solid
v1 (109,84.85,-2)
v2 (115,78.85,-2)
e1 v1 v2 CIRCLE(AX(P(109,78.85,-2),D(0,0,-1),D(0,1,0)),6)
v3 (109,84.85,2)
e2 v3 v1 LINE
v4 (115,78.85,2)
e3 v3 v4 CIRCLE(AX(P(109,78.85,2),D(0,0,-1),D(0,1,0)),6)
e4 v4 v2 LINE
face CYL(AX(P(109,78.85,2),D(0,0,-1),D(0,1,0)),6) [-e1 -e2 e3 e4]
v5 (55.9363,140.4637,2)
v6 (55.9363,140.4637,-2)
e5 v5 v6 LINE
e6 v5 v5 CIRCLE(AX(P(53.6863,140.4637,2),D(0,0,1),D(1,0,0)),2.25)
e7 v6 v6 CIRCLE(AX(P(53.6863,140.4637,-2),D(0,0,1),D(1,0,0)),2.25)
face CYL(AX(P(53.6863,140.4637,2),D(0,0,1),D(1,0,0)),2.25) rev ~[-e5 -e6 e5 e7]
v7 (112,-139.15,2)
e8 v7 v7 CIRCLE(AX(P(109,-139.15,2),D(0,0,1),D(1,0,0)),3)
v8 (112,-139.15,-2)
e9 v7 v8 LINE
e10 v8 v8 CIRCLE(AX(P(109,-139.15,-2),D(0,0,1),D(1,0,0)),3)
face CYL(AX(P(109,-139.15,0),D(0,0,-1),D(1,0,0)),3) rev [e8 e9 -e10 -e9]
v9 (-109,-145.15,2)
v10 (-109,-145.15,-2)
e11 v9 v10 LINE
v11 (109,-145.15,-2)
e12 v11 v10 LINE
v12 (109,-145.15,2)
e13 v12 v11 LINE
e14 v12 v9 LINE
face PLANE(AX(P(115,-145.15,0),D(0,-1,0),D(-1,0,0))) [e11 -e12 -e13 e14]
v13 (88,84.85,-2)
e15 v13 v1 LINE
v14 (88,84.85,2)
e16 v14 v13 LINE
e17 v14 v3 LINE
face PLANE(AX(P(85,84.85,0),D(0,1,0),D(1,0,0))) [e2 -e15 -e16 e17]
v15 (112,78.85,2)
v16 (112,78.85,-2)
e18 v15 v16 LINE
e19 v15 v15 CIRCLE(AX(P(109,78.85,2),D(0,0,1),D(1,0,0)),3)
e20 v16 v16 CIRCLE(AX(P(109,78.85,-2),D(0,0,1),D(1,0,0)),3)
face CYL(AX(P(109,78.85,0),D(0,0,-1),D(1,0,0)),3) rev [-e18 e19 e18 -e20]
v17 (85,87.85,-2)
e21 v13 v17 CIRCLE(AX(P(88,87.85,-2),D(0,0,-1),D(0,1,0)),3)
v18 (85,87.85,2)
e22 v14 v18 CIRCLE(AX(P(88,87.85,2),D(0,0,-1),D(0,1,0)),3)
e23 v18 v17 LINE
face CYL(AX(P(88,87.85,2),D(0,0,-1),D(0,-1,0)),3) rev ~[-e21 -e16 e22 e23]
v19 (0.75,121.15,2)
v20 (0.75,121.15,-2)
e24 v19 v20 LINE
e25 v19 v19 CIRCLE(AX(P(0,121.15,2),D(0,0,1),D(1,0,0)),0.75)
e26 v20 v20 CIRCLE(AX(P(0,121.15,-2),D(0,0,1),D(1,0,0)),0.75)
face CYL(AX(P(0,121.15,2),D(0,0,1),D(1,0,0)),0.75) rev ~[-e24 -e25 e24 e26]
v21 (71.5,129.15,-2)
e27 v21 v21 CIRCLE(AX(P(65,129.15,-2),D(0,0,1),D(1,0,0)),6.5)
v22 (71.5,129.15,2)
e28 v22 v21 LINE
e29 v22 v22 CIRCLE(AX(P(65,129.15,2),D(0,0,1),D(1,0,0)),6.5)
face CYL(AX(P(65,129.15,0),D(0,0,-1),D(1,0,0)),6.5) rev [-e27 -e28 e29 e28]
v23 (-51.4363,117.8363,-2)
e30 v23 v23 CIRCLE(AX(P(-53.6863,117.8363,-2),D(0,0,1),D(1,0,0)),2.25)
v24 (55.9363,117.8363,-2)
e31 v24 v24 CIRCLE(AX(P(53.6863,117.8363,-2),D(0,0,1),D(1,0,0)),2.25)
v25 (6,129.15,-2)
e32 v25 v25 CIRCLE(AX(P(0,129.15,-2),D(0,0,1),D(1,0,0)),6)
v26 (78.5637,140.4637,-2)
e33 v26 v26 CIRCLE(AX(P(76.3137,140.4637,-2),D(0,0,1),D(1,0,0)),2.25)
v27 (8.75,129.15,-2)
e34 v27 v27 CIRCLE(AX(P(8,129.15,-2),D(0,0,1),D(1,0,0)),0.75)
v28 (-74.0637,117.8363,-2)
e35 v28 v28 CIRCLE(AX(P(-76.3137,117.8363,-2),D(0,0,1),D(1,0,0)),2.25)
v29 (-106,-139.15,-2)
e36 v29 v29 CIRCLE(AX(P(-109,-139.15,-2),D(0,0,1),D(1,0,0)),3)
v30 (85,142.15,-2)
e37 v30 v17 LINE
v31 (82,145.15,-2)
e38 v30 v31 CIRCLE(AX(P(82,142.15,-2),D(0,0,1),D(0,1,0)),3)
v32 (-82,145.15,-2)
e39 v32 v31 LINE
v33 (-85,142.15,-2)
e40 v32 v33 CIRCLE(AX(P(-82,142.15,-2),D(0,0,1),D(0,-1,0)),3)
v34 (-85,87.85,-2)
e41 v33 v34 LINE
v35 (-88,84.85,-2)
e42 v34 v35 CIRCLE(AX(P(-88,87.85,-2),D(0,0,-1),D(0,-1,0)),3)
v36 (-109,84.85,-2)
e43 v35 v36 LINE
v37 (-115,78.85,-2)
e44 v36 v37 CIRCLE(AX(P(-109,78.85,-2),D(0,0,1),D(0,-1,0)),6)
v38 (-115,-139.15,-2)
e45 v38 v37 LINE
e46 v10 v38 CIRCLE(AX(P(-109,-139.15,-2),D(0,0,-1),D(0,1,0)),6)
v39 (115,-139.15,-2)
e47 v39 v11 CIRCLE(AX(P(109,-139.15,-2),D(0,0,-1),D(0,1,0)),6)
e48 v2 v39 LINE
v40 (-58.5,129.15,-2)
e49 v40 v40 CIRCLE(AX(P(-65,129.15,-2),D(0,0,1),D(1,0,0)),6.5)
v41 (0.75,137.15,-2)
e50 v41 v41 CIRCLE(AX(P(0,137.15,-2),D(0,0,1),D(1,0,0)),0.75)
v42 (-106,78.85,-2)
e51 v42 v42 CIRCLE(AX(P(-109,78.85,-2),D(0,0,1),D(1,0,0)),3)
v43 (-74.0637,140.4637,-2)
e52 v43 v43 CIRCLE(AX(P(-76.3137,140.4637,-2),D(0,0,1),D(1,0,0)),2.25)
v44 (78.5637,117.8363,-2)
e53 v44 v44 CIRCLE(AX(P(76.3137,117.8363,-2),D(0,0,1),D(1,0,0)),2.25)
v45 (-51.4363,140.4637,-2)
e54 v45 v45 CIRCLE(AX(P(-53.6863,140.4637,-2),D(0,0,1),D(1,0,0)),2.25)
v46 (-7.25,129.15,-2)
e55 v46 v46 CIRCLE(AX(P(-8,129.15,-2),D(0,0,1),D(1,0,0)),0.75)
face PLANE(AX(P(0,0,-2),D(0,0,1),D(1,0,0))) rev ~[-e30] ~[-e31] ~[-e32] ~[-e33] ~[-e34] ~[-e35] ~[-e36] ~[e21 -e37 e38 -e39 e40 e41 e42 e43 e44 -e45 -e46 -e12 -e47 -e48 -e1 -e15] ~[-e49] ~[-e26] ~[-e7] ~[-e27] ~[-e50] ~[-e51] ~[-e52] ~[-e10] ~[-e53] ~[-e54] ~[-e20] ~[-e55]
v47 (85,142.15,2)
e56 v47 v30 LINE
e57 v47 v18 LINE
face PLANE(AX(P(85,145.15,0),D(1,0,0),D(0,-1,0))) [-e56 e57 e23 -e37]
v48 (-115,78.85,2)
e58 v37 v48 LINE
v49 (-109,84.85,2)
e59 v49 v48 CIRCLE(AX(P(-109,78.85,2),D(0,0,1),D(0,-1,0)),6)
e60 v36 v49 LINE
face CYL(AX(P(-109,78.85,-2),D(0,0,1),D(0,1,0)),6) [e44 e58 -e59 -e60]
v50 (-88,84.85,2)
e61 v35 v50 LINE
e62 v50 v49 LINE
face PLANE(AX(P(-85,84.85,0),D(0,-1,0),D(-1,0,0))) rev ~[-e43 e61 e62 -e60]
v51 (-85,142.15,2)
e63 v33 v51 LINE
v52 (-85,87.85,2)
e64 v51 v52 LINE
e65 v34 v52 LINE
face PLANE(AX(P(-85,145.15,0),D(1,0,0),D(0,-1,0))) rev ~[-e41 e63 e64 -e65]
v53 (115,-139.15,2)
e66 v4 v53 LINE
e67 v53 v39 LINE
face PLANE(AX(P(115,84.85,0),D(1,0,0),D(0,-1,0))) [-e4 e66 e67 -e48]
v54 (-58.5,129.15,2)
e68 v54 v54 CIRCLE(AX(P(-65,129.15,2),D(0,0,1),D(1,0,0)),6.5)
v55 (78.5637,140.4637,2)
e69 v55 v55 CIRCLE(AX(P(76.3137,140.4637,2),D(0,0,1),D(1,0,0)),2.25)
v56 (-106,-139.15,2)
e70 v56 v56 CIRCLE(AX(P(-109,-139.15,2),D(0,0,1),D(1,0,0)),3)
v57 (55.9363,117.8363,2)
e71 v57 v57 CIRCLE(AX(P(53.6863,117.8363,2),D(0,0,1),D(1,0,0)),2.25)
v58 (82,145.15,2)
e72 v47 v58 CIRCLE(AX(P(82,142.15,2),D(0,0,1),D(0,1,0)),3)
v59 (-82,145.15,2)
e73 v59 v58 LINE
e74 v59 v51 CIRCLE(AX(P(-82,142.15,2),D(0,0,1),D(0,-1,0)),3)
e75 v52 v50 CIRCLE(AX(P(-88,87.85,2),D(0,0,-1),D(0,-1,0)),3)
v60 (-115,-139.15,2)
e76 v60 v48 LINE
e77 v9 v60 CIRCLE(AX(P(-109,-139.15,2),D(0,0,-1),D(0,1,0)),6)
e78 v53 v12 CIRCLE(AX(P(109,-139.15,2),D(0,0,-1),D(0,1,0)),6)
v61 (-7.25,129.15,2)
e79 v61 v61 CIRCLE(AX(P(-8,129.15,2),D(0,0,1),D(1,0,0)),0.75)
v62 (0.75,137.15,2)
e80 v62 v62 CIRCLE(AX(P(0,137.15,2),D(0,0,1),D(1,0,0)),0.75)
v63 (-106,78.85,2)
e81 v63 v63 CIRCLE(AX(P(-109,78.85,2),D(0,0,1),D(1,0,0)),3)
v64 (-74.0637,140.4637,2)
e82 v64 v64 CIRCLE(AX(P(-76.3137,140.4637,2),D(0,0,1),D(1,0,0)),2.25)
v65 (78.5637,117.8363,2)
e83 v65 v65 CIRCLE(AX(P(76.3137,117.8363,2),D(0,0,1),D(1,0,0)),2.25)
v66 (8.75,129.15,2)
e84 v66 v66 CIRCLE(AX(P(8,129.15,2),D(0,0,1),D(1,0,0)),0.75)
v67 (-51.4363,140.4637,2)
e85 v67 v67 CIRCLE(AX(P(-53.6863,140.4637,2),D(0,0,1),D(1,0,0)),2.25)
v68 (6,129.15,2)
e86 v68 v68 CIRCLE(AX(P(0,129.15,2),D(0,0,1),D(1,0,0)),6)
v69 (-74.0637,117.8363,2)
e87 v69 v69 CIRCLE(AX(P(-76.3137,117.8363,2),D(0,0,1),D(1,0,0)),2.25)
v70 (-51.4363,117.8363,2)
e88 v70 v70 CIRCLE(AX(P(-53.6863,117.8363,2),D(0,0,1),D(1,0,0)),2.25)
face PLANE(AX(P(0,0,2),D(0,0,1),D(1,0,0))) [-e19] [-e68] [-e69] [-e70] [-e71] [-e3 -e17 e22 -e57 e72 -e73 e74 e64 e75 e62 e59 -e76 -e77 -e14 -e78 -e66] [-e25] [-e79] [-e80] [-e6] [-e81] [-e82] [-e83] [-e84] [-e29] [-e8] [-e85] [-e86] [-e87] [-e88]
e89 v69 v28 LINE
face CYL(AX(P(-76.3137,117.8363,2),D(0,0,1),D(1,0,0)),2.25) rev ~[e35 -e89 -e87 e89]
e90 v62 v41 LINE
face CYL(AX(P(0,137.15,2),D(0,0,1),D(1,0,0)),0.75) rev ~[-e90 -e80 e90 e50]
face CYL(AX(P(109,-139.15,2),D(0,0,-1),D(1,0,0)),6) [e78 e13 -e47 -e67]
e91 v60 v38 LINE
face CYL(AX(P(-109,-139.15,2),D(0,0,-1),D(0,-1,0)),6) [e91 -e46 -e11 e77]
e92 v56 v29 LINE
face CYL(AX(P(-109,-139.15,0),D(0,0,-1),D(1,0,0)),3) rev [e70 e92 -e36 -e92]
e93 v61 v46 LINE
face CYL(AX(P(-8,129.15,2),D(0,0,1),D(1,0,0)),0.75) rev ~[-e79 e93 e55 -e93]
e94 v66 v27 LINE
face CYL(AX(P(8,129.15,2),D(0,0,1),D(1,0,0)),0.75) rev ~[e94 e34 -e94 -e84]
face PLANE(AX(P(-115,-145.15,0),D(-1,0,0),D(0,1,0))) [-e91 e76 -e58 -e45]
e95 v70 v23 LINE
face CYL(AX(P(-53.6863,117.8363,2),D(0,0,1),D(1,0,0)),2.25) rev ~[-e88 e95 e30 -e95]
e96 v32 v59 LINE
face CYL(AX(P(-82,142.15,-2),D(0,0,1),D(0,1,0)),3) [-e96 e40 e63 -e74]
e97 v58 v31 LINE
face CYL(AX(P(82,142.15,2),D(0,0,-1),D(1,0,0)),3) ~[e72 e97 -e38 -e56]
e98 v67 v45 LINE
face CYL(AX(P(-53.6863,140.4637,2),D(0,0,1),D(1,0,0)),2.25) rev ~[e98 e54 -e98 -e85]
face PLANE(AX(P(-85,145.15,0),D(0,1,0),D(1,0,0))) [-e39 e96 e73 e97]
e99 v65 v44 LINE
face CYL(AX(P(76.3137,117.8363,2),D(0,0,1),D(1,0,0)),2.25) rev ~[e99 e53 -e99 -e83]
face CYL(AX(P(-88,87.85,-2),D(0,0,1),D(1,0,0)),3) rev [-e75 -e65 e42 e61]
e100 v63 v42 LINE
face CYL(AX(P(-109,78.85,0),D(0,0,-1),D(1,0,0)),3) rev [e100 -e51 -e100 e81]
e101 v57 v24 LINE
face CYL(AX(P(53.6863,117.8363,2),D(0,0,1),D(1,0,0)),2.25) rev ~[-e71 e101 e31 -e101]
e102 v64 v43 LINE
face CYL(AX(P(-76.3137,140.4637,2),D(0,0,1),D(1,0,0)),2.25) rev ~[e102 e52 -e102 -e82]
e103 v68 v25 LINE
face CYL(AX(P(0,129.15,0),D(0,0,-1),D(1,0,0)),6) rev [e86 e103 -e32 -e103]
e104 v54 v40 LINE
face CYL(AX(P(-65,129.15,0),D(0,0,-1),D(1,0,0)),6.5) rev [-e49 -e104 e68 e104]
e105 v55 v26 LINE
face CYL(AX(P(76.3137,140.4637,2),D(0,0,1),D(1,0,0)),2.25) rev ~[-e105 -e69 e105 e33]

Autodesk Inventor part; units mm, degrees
ref_plane "YZ Plane" through (0, 0, 0) normal (1, 0, 0) x (0, 1, 0)
ref_plane "XZ Plane" through (0, 0, 0) normal (0, 1, 0) x (-1, 0, 0)
ref_plane "XY Plane" through (0, 0, 0) normal (0, 0, 1) x (1, 0, 0)
sketch "Sketch1" plane through (0, 0, 0) normal (0, 0, 1) x (1, 0, 0)
  line L0 (-115, 145.15) -> (115, 145.15)
  line L1 (115, 145.15) -> (115, -145.15)
  line L2 (115, -145.15) -> (-115, -145.15)
  line L3 (-115, -145.15) -> (-115, 145.15)
  line L4 (-115, 145.15) -> (-85, 145.15)
  line L5 (-85, 145.15) -> (-85, 84.85)
  line L6 (-85, 84.85) -> (-115, 84.85)
  line L7 (-115, 84.85) -> (-115, 145.15)
  line L8 (115, 145.15) -> (85, 145.15)
  line L9 (85, 145.15) -> (85, 84.85)
  line L10 (85, 84.85) -> (115, 84.85)
  line L11 (115, 84.85) -> (115, 145.15)
  circle A0 centre (-65, 129.15) radius 6.5
  circle A1 centre (65, 129.15) radius 6.5
  circle A2 centre (0, 129.15) radius 6
  line L12 (65, 129.15) -> (-65, 129.15) construction
  circle A3 centre (-109, 78.85) radius 3
  circle A4 centre (109, 78.85) radius 3
  circle A5 centre (109, -139.15) radius 3
  circle A6 centre (-109, -139.15) radius 3
  line L13 (109, -139.15) -> (-109, -139.15) construction
  line L14 (109, -139.15) -> (109, 78.85) construction
  line L15 (-109, 78.85) -> (-109, -139.15) construction
  line L16 (109, 78.85) -> (-109, 78.85) construction
  point P0 (0, 0)
  dimension "d0" = 290.3
  dimension "d1" = 230
  dimension "d2" = 30
  dimension "d3" = 30
  dimension "d4" = 60.3
  dimension "d5" = 13
  dimension "d6" = 13
  dimension "d7" = 12
  dimension "d8" = 130
  dimension "d9" = 65
  dimension "d10" = 16
  dimension "d11" = 6
  dimension "d12" = 6
  dimension "d13" = 6
  dimension "d14" = 6
  dimension "d15" = 218
  dimension "d16" = 218
  dimension "d17" = 218
  dimension "d18" = 218
  dimension "d19" = 115
  dimension "d20" = 145.15
  dimension "d21" = 6
  dimension "d22" = 6
extrude "Tykkelse" add sketch "Sketch1" along normal mid plane 4 contours L0 L9 L10 L1 L2 L3 L6 L5
fillet "Fillet1" radius 6 4 edges at (115, -145.15, 0) (-115, -145.15, 0) (-115, 84.85, 0) (115, 84.85, 0)
fillet "Fillet2" radius 3 4 edges at (-85, 84.85, 0) (-85, 145.15, 0) (85, 84.85, 0) (85, 145.15, 0)
sketch "Sketch2" plane through (0, 0, 2) normal (0, 0, 1) x (1, 0, 0)
  line L0 (78, 145.15) -> (81, 142.15) projected
  line L1 (78, 145.15) -> (52, 145.15) projected
  line L2 (49, 142.15) -> (52, 145.15) projected
  line L3 (49, 142.15) -> (49, 116.15) projected
  line L4 (52, 113.15) -> (49, 116.15) projected
  line L5 (52, 113.15) -> (78, 113.15) projected
  line L6 (81, 116.15) -> (78, 113.15) projected
  line L7 (81, 116.15) -> (81, 142.15) projected
  circle A0 centre (53.6863, 140.4637) radius 2.25 projected
  circle A1 centre (53.6863, 117.8363) radius 2.25 projected
  circle A2 centre (76.3137, 140.4637) radius 2.25 projected
  circle A3 centre (76.3137, 117.8363) radius 2.25 projected
  circle A4 centre (65, 129.15) radius 10.5 projected
  line L8 (-81, 142.15) -> (-78, 145.15) projected
  line L9 (-81, 142.15) -> (-81, 116.15) projected
  line L10 (-78, 113.15) -> (-81, 116.15) projected
  line L11 (-78, 113.15) -> (-52, 113.15) projected
  line L12 (-49, 116.15) -> (-52, 113.15) projected
  line L13 (-49, 116.15) -> (-49, 142.15) projected
  line L14 (-52, 145.15) -> (-49, 142.15) projected
  line L15 (-52, 145.15) -> (-78, 145.15) projected
  circle A5 centre (-76.3137, 117.8363) radius 2.25 projected
  circle A6 centre (-53.6863, 117.8363) radius 2.25 projected
  circle A7 centre (-76.3137, 140.4637) radius 2.25 projected
  circle A8 centre (-53.6863, 140.4637) radius 2.25 projected
  circle A9 centre (-65, 129.15) radius 10.5 projected
  point P0 (0, 0)
extrude "Flange-huller" cut sketch "Sketch2" against normal blind 10 contours A0 | A1 | A2 | A3 | A5 | A6 | A7 | A8
sketch "Sketch3" plane through (0, 0, 2) normal (0, 0, 1) x (1, 0, 0)
  circle A0 centre (0, 129.15) radius 4 construction
  circle A1 centre (0, 121.15) radius 0.75
  circle A2 centre (0, 137.15) radius 0.75
  circle A3 centre (-8, 129.15) radius 0.75
  circle A4 centre (8, 129.15) radius 0.75
  line L0 (0, 137.15) -> (0, 121.15) construction
  line L1 (-8, 129.15) -> (8, 129.15) construction
  circle A5 centre (7.954, 128.2933) radius 0.9464 construction
  circle A6 centre (0, 129.15) radius 8 construction
  point P0 (0, 0)
  dimension "d29" = 1.5
extrude "Flange møtrik" cut sketch "Sketch3" against normal blind 10
equation "\"d3\" = d2"
equation "\"d6\" = d5"
equation "\"d9\" = 0.5 * d8"
equation "\"d12\" = d11"
equation "\"d13\" = d11"
equation "\"d14\" = d11"
equation "\"d19\" = 0.5 * d1"
equation "\"d20\" = 0.5 * d0"
properties part number "Byggeplade Holder mk2"
